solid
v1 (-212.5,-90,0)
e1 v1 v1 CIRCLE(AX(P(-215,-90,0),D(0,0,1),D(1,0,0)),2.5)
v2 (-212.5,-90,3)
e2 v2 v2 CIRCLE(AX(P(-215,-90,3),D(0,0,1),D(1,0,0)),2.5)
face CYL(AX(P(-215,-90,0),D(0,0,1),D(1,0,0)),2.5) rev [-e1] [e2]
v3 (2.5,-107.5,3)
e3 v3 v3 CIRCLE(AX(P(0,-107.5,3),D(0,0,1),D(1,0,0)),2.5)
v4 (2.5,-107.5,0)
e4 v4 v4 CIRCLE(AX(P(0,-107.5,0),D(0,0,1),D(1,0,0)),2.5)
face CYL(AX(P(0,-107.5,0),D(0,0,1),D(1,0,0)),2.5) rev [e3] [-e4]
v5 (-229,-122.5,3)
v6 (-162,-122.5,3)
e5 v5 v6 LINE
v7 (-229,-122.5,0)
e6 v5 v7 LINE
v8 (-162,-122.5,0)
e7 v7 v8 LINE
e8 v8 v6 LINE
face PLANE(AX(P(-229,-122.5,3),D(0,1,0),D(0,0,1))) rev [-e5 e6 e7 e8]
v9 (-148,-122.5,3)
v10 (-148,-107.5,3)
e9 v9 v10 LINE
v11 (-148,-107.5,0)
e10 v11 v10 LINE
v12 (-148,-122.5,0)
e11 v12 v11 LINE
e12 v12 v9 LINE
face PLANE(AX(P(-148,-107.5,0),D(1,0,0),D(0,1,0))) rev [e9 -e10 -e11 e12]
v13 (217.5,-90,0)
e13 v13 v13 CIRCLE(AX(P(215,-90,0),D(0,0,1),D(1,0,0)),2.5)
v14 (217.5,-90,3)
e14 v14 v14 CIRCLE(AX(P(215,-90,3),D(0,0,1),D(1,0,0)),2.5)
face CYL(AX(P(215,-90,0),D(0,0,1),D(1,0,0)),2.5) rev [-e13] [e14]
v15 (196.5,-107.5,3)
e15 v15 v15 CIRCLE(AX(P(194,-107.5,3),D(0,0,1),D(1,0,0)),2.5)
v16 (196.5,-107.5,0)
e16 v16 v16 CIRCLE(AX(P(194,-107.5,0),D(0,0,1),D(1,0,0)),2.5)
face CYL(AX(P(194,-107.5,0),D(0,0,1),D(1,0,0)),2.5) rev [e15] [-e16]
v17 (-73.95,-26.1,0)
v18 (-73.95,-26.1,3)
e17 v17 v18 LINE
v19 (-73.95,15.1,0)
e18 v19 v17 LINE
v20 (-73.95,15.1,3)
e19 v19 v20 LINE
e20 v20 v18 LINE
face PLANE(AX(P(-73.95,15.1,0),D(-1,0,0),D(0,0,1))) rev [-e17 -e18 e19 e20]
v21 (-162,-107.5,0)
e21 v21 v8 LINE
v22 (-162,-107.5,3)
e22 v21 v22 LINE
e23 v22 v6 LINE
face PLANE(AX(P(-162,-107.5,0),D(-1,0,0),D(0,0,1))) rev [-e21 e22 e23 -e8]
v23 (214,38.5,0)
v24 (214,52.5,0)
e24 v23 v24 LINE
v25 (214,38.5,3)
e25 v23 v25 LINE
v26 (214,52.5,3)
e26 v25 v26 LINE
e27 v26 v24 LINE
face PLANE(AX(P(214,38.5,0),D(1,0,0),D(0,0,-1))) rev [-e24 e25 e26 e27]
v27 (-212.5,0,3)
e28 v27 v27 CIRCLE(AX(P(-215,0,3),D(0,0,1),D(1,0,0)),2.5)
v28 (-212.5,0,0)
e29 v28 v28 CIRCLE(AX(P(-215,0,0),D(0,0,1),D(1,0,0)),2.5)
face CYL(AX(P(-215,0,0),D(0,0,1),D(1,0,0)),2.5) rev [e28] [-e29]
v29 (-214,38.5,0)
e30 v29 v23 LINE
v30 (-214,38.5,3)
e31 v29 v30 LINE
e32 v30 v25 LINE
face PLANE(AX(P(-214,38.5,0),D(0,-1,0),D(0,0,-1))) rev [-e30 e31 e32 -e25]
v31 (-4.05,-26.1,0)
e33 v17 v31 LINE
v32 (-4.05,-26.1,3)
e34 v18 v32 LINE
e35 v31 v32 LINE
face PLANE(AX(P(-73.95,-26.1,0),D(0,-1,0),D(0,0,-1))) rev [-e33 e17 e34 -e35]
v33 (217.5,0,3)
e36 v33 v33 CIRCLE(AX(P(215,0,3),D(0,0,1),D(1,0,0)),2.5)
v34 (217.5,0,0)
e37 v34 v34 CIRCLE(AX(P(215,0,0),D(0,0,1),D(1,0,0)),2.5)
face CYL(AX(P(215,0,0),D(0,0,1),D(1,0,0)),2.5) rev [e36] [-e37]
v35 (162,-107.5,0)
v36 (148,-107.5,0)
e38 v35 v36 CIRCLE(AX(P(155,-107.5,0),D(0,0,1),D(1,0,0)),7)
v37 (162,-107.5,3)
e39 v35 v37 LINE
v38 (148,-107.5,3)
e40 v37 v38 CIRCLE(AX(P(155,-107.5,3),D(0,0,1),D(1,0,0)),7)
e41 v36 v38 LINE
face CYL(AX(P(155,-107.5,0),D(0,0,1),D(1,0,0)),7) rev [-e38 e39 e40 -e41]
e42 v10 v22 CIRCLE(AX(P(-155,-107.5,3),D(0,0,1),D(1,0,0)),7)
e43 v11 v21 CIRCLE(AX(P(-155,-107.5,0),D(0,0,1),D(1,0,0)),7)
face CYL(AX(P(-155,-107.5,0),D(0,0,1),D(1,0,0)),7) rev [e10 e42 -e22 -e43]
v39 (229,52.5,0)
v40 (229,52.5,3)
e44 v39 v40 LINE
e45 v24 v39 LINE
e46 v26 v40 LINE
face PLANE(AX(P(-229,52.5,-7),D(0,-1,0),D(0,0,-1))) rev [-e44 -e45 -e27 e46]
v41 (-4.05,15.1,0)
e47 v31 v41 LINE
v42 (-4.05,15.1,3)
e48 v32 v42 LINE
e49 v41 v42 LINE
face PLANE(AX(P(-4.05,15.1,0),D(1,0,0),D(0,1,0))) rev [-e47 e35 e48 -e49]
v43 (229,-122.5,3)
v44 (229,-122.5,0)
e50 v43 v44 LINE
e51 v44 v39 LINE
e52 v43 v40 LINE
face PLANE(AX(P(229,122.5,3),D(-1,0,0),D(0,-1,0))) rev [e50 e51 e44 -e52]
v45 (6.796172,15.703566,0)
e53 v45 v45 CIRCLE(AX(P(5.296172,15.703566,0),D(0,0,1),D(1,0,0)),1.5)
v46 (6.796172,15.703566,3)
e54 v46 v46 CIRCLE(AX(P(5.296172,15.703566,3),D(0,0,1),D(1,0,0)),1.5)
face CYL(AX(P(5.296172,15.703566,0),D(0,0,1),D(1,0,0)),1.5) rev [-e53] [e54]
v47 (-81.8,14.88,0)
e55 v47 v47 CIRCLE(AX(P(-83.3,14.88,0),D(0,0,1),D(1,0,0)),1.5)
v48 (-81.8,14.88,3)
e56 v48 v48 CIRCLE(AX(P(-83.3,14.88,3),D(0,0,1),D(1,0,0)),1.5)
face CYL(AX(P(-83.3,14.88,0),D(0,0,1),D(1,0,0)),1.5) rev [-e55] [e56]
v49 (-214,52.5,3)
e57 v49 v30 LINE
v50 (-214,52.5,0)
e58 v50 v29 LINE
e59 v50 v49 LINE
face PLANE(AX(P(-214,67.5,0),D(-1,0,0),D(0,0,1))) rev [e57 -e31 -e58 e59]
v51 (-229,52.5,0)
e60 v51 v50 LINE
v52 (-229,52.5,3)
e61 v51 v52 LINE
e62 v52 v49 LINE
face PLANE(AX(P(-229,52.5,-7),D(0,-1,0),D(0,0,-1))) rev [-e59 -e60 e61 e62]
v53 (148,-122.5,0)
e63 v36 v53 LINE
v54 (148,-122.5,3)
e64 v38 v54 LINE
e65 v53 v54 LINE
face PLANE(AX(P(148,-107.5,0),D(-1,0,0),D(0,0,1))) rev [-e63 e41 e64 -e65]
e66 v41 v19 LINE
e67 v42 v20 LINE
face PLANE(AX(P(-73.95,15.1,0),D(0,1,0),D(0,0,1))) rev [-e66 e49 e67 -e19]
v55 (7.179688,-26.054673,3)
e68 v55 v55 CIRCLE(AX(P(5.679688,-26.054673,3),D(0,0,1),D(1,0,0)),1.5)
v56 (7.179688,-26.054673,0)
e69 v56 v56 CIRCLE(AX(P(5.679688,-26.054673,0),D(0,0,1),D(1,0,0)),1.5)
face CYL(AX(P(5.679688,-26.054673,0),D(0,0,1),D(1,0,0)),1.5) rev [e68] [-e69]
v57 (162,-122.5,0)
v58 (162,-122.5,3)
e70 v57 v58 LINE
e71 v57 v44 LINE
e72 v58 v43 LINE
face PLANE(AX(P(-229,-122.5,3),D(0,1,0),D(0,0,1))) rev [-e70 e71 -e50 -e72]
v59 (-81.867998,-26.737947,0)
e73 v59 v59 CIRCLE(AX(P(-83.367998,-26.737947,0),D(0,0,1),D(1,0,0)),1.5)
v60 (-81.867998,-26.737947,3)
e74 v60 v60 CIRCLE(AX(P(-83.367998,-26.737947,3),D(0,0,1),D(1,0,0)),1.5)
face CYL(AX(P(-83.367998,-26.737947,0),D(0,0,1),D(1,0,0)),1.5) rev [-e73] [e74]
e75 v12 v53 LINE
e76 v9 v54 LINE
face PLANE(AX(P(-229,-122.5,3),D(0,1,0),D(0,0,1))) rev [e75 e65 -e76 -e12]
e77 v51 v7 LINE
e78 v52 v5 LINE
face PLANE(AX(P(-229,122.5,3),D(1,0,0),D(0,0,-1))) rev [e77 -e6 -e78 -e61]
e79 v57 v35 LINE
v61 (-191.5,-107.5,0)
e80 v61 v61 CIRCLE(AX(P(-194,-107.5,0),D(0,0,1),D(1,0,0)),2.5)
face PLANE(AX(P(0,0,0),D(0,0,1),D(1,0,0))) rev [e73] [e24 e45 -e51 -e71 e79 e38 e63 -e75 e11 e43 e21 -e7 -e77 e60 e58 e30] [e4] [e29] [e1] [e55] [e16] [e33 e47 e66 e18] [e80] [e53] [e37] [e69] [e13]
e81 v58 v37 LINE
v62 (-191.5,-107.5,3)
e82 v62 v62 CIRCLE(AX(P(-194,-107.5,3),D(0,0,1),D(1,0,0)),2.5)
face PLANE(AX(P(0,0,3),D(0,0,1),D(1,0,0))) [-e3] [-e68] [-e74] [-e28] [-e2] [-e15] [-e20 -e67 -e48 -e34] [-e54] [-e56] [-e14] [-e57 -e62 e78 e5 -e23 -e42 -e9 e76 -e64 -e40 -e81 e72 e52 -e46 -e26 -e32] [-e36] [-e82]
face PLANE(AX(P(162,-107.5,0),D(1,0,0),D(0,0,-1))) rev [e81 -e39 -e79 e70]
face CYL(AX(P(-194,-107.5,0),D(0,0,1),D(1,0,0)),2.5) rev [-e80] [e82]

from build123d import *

# Parameters (mm, degrees)
SKETCH1_W           = 458
SKETCH1_H           = 245
BOSS_EXTRUDE1_DEPTH = 3
CUT_EXTRUDE1_DEPTH  = 260.723410574
SKETCH3_R           = 2.5
CUT_EXTRUDE2_DEPTH  = 260.723410574
SKETCH4_R           = 11.5
CUT_EXTRUDE3_DEPTH  = 260.723410574
SKETCH5_W           = 428
SKETCH5_H           = 29
CUT_EXTRUDE4_DEPTH  = 260.723410574
SKETCH8_R           = 1.5
SKETCH8_W           = 69.9
SKETCH8_H           = 41.2
CUT_EXTRUDE5_DEPTH  = 260.723410574
SKETCH9_W           = 458
SKETCH9_H           = 70
CUT_EXTRUDE6_DEPTH  = 10


with BuildPart() as part:
    # Sketch1 → Boss-Extrude1 (new body)
    with BuildSketch(Plane.XY):
        Rectangle(SKETCH1_W, SKETCH1_H)
    extrude(amount=BOSS_EXTRUDE1_DEPTH)

    # Sketch2 → Cut-Extrude1 (cut, through all)
    with BuildSketch(Plane.XY.offset(3)):
        with BuildLine():
            Line((-148, -107.5), (-148, -122.5))
            ThreePointArc((-148, -122.5), (-155, -129.5), (-162, -122.5))
            Line((-162, -122.5), (-162, -107.5))
            ThreePointArc((-162, -107.5), (-155, -100.5), (-148, -107.5))
        make_face()
        with BuildLine():
            Line((162, -107.5), (162, -122.5))
            ThreePointArc((162, -122.5), (155, -129.5), (148, -122.5))
            Line((148, -122.5), (148, -107.5))
            ThreePointArc((148, -107.5), (155, -100.5), (162, -107.5))
        make_face()
    extrude(amount=-CUT_EXTRUDE1_DEPTH, mode=Mode.SUBTRACT)

    # Sketch3 → Cut-Extrude2 (cut, through all)
    with BuildSketch(Plane.XY.offset(3)):
        with Locations((-194, 112.5)):
            Circle(SKETCH3_R)
        with Locations((-194, -107.5)):
            Circle(SKETCH3_R)
        with Locations((194, -107.5)):
            Circle(SKETCH3_R)
        with Locations((194, 112.5)):
            Circle(SKETCH3_R)
        with Locations((-215, 0)):
            Circle(SKETCH3_R)
        with Locations((-215, -90)):
            Circle(SKETCH3_R)
        with Locations((-215, 90)):
            Circle(SKETCH3_R)
        with Locations((215, 0)):
            Circle(SKETCH3_R)
        with Locations((215, -90)):
            Circle(SKETCH3_R)
        with Locations((215, 90)):
            Circle(SKETCH3_R)
        with Locations((0, 112.5)):
            Circle(SKETCH3_R)
        with Locations((0, -107.5)):
            Circle(SKETCH3_R)
    extrude(amount=-CUT_EXTRUDE2_DEPTH, mode=Mode.SUBTRACT)

    # Sketch4 → Cut-Extrude3 (cut, through all)
    with BuildSketch(Plane.XY.offset(3)):
        with Locations((-39, 91)):
            Circle(SKETCH4_R)
        with Locations((39, 91)):
            Circle(SKETCH4_R)
    extrude(amount=-CUT_EXTRUDE3_DEPTH, mode=Mode.SUBTRACT)

    # Sketch5 → Cut-Extrude4 (cut, through all)
    with BuildSketch(Plane.XY.offset(3)):
        with Locations((0, 53)):
            Rectangle(SKETCH5_W, SKETCH5_H)
    extrude(amount=-CUT_EXTRUDE4_DEPTH, mode=Mode.SUBTRACT)

    # Sketch8 → Cut-Extrude5 (cut, through all)
    with BuildSketch(Plane.XY.offset(3)):
        with Locations((5.296172264, 15.703565509)):
            Circle(SKETCH8_R)
        with Locations((5.679687501, -26.054673392)):
            Circle(SKETCH8_R)
        with Locations((-83.3, 14.88)):
            Circle(SKETCH8_R)
        with Locations((-83.367997673, -26.737946691)):
            Circle(SKETCH8_R)
        with Locations((-39, -5.5)):
            Rectangle(SKETCH8_W, SKETCH8_H)
    extrude(amount=-CUT_EXTRUDE5_DEPTH, mode=Mode.SUBTRACT)

    # Sketch9 → Cut-Extrude6 (cut)
    with BuildSketch(Plane.XY.offset(3)):
        with Locations((0, 87.5)):
            Rectangle(SKETCH9_W, SKETCH9_H)
    extrude(amount=-CUT_EXTRUDE6_DEPTH, mode=Mode.SUBTRACT)


solid = part.part
